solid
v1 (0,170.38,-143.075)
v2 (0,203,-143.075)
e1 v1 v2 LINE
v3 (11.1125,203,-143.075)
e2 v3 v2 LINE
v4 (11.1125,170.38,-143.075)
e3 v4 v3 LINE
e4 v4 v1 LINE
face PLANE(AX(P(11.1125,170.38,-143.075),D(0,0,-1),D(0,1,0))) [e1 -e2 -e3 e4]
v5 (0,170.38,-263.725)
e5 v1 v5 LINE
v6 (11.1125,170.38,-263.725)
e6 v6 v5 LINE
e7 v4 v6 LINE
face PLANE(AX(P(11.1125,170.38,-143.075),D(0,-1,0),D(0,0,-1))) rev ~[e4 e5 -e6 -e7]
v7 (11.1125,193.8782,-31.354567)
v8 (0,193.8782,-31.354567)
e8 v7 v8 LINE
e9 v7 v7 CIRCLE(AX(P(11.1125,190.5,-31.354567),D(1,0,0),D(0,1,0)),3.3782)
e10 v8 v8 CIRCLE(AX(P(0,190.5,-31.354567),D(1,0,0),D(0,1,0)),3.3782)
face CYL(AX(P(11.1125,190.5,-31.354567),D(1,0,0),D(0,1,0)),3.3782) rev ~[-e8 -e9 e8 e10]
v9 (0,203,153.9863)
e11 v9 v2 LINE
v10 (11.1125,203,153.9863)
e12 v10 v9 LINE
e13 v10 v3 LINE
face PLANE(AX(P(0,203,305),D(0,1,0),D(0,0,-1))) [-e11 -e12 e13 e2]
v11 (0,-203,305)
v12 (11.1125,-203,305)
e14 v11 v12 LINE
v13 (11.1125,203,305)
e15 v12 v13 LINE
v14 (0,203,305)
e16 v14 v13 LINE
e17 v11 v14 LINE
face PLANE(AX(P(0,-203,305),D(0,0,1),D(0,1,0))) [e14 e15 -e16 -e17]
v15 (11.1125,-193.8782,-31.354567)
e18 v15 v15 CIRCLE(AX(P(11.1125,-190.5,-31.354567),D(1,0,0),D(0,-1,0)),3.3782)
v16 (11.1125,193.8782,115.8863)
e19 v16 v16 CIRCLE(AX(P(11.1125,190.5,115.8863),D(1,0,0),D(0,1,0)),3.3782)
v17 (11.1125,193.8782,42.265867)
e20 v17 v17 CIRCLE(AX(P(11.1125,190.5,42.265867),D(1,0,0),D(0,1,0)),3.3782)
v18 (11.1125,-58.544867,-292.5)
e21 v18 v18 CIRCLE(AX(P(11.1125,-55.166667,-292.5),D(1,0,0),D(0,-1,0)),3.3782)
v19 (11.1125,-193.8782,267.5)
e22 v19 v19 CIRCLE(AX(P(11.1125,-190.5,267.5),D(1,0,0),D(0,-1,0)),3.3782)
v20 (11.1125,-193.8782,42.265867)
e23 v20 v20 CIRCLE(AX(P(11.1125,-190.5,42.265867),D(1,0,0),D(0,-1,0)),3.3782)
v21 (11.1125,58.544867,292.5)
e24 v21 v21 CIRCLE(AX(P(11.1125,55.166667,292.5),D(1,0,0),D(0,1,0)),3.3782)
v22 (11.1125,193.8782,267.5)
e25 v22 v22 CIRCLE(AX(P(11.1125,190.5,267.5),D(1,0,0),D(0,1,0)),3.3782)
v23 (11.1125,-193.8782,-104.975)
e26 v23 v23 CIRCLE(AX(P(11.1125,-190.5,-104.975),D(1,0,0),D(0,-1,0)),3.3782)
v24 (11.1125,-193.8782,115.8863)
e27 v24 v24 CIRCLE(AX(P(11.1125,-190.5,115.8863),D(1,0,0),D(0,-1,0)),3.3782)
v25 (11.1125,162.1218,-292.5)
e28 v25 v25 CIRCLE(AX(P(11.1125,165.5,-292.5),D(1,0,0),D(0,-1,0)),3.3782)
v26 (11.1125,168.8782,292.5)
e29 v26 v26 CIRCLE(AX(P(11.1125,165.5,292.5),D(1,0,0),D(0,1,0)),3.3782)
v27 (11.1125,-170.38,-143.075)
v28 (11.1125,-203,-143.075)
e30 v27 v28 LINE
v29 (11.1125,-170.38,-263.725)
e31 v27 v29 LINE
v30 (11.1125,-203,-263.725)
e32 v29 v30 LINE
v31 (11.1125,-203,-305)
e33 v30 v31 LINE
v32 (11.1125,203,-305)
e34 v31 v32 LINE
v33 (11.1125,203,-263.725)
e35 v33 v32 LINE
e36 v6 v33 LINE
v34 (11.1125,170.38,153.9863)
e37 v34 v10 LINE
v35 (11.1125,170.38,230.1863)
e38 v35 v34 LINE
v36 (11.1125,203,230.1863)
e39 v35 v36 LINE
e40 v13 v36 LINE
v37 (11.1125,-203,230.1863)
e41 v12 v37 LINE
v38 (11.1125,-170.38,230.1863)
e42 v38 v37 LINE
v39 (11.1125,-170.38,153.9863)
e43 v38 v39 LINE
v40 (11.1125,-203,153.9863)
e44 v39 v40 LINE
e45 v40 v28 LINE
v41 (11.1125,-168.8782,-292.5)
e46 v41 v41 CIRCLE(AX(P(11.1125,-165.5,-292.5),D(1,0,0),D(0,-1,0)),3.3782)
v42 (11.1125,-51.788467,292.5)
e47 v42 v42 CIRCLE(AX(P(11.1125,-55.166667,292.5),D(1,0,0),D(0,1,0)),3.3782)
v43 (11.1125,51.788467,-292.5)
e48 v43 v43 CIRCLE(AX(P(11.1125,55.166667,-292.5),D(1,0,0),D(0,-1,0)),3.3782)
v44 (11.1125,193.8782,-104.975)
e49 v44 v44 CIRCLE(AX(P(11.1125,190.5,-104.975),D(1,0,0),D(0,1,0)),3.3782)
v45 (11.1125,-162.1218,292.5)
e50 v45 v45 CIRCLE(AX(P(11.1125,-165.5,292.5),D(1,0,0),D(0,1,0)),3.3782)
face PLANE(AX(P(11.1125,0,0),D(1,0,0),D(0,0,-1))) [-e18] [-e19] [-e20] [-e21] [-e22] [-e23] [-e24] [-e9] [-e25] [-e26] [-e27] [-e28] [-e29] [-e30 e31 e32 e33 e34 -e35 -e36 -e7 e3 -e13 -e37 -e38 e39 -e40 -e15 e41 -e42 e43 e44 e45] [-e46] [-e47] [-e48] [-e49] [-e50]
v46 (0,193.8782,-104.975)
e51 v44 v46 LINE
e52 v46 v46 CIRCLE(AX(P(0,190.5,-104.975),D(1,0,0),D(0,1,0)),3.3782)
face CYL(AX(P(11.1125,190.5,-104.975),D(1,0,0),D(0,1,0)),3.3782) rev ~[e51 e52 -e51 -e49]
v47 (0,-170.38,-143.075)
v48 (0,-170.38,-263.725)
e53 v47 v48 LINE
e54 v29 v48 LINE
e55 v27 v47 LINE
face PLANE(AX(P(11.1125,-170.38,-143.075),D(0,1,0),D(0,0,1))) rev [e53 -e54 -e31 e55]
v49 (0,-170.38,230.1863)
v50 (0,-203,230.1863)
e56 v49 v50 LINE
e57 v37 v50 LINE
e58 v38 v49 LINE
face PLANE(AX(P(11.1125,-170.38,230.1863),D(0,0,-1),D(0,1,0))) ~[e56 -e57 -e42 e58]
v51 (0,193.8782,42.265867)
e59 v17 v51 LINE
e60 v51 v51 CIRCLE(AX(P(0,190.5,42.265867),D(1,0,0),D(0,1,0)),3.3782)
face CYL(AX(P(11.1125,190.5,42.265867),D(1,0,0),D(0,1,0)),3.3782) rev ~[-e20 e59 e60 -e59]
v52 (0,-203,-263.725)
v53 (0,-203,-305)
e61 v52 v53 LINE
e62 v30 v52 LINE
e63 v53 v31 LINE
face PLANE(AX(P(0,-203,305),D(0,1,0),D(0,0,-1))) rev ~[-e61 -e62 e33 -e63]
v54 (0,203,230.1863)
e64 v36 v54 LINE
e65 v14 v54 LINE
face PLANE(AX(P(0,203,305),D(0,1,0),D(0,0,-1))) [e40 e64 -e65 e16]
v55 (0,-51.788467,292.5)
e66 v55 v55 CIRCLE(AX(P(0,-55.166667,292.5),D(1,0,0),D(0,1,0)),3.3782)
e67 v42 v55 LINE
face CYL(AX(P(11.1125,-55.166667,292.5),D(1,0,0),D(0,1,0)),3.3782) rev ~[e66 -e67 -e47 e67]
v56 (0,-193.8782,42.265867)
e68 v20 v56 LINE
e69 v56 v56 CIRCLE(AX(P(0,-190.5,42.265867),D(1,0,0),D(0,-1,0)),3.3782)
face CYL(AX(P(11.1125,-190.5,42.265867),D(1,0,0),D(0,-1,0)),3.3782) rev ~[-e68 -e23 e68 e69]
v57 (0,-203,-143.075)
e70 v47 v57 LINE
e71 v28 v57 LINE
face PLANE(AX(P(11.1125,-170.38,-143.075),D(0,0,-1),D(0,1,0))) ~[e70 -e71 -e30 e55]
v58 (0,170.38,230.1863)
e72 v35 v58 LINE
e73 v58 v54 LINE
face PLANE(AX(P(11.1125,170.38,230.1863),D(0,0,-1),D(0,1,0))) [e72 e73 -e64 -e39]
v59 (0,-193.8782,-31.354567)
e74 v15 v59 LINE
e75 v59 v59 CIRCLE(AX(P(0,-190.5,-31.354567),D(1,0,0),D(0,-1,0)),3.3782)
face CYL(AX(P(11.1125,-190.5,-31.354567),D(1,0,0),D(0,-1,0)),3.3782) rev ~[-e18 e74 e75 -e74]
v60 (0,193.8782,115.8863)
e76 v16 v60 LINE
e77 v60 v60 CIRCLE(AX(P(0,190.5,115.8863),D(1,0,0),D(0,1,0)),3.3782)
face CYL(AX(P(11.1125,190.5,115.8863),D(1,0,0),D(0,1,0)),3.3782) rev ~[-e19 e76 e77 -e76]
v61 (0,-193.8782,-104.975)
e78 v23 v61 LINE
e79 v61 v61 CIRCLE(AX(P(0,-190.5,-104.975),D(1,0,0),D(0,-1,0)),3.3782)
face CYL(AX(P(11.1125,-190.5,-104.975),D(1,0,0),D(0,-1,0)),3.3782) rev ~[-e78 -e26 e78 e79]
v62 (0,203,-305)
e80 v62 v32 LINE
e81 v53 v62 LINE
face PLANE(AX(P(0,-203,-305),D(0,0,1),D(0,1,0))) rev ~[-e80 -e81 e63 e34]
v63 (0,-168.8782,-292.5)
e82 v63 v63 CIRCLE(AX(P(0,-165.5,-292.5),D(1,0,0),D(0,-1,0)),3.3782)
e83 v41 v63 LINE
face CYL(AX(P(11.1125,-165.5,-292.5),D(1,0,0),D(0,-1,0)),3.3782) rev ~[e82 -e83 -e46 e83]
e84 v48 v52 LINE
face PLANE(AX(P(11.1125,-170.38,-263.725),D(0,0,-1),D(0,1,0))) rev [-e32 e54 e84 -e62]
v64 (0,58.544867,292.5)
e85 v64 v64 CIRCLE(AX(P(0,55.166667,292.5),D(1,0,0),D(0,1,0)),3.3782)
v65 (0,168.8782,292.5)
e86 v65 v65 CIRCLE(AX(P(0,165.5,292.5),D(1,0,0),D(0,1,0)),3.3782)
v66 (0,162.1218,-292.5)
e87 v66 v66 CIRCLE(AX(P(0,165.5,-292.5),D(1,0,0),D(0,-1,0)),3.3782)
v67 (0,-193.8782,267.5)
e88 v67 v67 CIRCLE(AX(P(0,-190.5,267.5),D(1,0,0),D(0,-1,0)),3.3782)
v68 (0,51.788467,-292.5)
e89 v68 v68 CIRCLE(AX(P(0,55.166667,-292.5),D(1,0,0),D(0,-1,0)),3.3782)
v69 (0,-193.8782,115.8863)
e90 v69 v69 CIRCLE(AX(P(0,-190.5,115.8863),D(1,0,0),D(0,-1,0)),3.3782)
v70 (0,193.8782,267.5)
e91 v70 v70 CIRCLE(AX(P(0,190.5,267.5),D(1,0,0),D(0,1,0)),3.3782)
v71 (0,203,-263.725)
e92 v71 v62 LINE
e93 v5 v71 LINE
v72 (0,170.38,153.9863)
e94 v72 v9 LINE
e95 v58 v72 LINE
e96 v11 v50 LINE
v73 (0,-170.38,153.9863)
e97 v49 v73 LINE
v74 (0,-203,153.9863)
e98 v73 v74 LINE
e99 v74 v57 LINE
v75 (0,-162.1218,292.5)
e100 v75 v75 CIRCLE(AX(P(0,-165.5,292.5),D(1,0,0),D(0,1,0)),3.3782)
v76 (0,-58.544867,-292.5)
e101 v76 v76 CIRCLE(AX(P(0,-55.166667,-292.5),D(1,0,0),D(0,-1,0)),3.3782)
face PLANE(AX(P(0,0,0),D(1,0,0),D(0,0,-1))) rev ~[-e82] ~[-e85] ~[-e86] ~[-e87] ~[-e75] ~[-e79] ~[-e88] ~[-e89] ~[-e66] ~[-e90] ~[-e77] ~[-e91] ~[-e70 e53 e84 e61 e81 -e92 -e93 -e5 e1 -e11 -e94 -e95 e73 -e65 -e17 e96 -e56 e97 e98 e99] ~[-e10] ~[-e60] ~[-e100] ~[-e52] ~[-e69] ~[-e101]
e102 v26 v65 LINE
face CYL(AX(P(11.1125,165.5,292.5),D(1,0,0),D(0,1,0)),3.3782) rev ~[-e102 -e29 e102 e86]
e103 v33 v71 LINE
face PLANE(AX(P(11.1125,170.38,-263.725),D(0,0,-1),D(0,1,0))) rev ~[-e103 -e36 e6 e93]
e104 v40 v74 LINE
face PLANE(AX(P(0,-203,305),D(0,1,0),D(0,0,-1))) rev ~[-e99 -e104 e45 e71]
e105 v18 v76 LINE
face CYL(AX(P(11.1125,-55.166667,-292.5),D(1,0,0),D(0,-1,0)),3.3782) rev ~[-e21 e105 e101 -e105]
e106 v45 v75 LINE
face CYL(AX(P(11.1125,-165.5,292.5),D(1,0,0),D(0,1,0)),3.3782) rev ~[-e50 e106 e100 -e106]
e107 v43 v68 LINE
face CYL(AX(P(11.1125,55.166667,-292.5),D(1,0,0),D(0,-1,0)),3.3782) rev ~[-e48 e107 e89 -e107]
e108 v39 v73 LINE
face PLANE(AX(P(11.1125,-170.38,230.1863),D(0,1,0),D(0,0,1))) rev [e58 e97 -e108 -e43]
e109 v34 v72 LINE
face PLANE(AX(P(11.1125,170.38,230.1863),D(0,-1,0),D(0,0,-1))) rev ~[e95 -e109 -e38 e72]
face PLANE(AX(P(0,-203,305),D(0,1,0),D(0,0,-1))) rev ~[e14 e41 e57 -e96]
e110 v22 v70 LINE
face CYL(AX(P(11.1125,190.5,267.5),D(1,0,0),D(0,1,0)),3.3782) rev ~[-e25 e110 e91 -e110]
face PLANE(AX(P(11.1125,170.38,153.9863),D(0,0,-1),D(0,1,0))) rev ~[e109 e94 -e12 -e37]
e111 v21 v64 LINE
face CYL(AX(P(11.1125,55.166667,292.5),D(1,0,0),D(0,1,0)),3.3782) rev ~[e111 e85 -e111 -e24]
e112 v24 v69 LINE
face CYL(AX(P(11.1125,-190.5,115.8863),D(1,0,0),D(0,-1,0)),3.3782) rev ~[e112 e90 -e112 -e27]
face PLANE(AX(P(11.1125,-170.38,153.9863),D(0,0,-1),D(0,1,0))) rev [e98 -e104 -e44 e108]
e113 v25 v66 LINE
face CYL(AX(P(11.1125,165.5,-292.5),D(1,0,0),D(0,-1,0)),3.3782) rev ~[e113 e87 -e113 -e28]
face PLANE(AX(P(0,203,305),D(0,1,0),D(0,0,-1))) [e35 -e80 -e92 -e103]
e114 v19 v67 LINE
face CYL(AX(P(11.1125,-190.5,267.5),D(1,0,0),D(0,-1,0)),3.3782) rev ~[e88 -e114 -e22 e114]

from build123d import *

# Parameters (mm, degrees)
SKETCH1_W           = 610
SKETCH1_H           = 406
BOSS_EXTRUDE1_DEPTH = 11.1125
SKETCH3_W           = 120.65
SKETCH3_H           = 32.62
CUT_EXTRUDE2_DEPTH  = 367.548070048
SKETCH8_W           = 76.2
SKETCH8_H           = 32.62
CUT_EXTRUDE3_DEPTH  = 367.548070048
SKETCH4_R           = 3.3782
CUT_EXTRUDE4_DEPTH  = 367.548070048


with BuildPart() as part:
    # Sketch1 → Boss-Extrude1 (new body)
    with BuildSketch(Plane(origin=(0, 0, 0), x_dir=(0, 0, -1), z_dir=(1, 0, 0))):
        Rectangle(SKETCH1_W, SKETCH1_H)
    extrude(amount=BOSS_EXTRUDE1_DEPTH)

    # Sketch3 → Cut-Extrude2 (cut, through all)
    with BuildSketch(Plane(origin=(11.1125, 0, 0), x_dir=(0, 0, -1), z_dir=(1, 0, 0))):
        with Locations((203.4, 186.69)):
            Rectangle(SKETCH3_W, SKETCH3_H)
    cut_extrude2 = extrude(amount=-CUT_EXTRUDE2_DEPTH, mode=Mode.SUBTRACT)

    # Sketch8 → Cut-Extrude3 (cut, through all)
    with BuildSketch(Plane(origin=(11.1125, 0, 0), x_dir=(0, 0, -1), z_dir=(1, 0, 0))):
        with Locations((-192.086299996, 186.69)):
            Rectangle(SKETCH8_W, SKETCH8_H)
    cut_extrude3 = extrude(amount=-CUT_EXTRUDE3_DEPTH, mode=Mode.SUBTRACT)

    # Mirror3: Cut-Extrude2, Cut-Extrude3 across plane
    add(cut_extrude2.mirror(Plane.ZX), mode=Mode.SUBTRACT)
    add(cut_extrude3.mirror(Plane.ZX), mode=Mode.SUBTRACT)

    # Sketch4 → Cut-Extrude4 (cut, through all)
    with BuildSketch(Plane(origin=(11.1125, 0, 0), x_dir=(0, 0, -1), z_dir=(1, 0, 0))):
        with Locations(Location((-292.5, 165.50000007, 0), (0, 0, 90))):
            Circle(SKETCH4_R)
        with Locations(Location((-292.5, 55.16666669, 0), (0, 0, 90))):
            Circle(SKETCH4_R)
        with Locations(Location((-292.5, -55.16666669, 0), (0, 0, 90))):
            Circle(SKETCH4_R)
        with Locations(Location((-292.5, -165.50000007, 0), (0, 0, 90))):
            Circle(SKETCH4_R)
        with Locations(Location((292.5, -165.50000007, 0), (0, 0, 270))):
            Circle(SKETCH4_R)
        with Locations(Location((292.5, -55.16666669, 0), (0, 0, 270))):
            Circle(SKETCH4_R)
        with Locations(Location((292.5, 165.50000007, 0), (0, 0, 270))):
            Circle(SKETCH4_R)
        with Locations(Location((292.5, 55.16666669, 0), (0, 0, 270))):
            Circle(SKETCH4_R)
        with Locations(Location((-267.50000007, 190.5, 0), (0, 0, 90))):
            Circle(SKETCH4_R)
        with Locations(Location((-115.886299996, 190.5, 0), (0, 0, 90))):
            Circle(SKETCH4_R)
        with Locations(Location((-42.265866664, 190.5, 0), (0, 0, 90))):
            Circle(SKETCH4_R)
        with Locations(Location((31.354566668, 190.5, 0), (0, 0, 90))):
            Circle(SKETCH4_R)
        with Locations(Location((104.975, 190.5, 0), (0, 0, 90))):
            Circle(SKETCH4_R)
        with Locations(Location((104.975, -190.5, 0), (0, 0, 270))):
            Circle(SKETCH4_R)
        with Locations(Location((31.354566668, -190.5, 0), (0, 0, 270))):
            Circle(SKETCH4_R)
        with Locations(Location((-42.265866664, -190.5, 0), (0, 0, 270))):
            Circle(SKETCH4_R)
        with Locations(Location((-115.886299996, -190.5, 0), (0, 0, 270))):
            Circle(SKETCH4_R)
        with Locations(Location((-267.50000007, -190.5, 0), (0, 0, 270))):
            Circle(SKETCH4_R)
    extrude(amount=-CUT_EXTRUDE4_DEPTH, mode=Mode.SUBTRACT)


solid = part.part
